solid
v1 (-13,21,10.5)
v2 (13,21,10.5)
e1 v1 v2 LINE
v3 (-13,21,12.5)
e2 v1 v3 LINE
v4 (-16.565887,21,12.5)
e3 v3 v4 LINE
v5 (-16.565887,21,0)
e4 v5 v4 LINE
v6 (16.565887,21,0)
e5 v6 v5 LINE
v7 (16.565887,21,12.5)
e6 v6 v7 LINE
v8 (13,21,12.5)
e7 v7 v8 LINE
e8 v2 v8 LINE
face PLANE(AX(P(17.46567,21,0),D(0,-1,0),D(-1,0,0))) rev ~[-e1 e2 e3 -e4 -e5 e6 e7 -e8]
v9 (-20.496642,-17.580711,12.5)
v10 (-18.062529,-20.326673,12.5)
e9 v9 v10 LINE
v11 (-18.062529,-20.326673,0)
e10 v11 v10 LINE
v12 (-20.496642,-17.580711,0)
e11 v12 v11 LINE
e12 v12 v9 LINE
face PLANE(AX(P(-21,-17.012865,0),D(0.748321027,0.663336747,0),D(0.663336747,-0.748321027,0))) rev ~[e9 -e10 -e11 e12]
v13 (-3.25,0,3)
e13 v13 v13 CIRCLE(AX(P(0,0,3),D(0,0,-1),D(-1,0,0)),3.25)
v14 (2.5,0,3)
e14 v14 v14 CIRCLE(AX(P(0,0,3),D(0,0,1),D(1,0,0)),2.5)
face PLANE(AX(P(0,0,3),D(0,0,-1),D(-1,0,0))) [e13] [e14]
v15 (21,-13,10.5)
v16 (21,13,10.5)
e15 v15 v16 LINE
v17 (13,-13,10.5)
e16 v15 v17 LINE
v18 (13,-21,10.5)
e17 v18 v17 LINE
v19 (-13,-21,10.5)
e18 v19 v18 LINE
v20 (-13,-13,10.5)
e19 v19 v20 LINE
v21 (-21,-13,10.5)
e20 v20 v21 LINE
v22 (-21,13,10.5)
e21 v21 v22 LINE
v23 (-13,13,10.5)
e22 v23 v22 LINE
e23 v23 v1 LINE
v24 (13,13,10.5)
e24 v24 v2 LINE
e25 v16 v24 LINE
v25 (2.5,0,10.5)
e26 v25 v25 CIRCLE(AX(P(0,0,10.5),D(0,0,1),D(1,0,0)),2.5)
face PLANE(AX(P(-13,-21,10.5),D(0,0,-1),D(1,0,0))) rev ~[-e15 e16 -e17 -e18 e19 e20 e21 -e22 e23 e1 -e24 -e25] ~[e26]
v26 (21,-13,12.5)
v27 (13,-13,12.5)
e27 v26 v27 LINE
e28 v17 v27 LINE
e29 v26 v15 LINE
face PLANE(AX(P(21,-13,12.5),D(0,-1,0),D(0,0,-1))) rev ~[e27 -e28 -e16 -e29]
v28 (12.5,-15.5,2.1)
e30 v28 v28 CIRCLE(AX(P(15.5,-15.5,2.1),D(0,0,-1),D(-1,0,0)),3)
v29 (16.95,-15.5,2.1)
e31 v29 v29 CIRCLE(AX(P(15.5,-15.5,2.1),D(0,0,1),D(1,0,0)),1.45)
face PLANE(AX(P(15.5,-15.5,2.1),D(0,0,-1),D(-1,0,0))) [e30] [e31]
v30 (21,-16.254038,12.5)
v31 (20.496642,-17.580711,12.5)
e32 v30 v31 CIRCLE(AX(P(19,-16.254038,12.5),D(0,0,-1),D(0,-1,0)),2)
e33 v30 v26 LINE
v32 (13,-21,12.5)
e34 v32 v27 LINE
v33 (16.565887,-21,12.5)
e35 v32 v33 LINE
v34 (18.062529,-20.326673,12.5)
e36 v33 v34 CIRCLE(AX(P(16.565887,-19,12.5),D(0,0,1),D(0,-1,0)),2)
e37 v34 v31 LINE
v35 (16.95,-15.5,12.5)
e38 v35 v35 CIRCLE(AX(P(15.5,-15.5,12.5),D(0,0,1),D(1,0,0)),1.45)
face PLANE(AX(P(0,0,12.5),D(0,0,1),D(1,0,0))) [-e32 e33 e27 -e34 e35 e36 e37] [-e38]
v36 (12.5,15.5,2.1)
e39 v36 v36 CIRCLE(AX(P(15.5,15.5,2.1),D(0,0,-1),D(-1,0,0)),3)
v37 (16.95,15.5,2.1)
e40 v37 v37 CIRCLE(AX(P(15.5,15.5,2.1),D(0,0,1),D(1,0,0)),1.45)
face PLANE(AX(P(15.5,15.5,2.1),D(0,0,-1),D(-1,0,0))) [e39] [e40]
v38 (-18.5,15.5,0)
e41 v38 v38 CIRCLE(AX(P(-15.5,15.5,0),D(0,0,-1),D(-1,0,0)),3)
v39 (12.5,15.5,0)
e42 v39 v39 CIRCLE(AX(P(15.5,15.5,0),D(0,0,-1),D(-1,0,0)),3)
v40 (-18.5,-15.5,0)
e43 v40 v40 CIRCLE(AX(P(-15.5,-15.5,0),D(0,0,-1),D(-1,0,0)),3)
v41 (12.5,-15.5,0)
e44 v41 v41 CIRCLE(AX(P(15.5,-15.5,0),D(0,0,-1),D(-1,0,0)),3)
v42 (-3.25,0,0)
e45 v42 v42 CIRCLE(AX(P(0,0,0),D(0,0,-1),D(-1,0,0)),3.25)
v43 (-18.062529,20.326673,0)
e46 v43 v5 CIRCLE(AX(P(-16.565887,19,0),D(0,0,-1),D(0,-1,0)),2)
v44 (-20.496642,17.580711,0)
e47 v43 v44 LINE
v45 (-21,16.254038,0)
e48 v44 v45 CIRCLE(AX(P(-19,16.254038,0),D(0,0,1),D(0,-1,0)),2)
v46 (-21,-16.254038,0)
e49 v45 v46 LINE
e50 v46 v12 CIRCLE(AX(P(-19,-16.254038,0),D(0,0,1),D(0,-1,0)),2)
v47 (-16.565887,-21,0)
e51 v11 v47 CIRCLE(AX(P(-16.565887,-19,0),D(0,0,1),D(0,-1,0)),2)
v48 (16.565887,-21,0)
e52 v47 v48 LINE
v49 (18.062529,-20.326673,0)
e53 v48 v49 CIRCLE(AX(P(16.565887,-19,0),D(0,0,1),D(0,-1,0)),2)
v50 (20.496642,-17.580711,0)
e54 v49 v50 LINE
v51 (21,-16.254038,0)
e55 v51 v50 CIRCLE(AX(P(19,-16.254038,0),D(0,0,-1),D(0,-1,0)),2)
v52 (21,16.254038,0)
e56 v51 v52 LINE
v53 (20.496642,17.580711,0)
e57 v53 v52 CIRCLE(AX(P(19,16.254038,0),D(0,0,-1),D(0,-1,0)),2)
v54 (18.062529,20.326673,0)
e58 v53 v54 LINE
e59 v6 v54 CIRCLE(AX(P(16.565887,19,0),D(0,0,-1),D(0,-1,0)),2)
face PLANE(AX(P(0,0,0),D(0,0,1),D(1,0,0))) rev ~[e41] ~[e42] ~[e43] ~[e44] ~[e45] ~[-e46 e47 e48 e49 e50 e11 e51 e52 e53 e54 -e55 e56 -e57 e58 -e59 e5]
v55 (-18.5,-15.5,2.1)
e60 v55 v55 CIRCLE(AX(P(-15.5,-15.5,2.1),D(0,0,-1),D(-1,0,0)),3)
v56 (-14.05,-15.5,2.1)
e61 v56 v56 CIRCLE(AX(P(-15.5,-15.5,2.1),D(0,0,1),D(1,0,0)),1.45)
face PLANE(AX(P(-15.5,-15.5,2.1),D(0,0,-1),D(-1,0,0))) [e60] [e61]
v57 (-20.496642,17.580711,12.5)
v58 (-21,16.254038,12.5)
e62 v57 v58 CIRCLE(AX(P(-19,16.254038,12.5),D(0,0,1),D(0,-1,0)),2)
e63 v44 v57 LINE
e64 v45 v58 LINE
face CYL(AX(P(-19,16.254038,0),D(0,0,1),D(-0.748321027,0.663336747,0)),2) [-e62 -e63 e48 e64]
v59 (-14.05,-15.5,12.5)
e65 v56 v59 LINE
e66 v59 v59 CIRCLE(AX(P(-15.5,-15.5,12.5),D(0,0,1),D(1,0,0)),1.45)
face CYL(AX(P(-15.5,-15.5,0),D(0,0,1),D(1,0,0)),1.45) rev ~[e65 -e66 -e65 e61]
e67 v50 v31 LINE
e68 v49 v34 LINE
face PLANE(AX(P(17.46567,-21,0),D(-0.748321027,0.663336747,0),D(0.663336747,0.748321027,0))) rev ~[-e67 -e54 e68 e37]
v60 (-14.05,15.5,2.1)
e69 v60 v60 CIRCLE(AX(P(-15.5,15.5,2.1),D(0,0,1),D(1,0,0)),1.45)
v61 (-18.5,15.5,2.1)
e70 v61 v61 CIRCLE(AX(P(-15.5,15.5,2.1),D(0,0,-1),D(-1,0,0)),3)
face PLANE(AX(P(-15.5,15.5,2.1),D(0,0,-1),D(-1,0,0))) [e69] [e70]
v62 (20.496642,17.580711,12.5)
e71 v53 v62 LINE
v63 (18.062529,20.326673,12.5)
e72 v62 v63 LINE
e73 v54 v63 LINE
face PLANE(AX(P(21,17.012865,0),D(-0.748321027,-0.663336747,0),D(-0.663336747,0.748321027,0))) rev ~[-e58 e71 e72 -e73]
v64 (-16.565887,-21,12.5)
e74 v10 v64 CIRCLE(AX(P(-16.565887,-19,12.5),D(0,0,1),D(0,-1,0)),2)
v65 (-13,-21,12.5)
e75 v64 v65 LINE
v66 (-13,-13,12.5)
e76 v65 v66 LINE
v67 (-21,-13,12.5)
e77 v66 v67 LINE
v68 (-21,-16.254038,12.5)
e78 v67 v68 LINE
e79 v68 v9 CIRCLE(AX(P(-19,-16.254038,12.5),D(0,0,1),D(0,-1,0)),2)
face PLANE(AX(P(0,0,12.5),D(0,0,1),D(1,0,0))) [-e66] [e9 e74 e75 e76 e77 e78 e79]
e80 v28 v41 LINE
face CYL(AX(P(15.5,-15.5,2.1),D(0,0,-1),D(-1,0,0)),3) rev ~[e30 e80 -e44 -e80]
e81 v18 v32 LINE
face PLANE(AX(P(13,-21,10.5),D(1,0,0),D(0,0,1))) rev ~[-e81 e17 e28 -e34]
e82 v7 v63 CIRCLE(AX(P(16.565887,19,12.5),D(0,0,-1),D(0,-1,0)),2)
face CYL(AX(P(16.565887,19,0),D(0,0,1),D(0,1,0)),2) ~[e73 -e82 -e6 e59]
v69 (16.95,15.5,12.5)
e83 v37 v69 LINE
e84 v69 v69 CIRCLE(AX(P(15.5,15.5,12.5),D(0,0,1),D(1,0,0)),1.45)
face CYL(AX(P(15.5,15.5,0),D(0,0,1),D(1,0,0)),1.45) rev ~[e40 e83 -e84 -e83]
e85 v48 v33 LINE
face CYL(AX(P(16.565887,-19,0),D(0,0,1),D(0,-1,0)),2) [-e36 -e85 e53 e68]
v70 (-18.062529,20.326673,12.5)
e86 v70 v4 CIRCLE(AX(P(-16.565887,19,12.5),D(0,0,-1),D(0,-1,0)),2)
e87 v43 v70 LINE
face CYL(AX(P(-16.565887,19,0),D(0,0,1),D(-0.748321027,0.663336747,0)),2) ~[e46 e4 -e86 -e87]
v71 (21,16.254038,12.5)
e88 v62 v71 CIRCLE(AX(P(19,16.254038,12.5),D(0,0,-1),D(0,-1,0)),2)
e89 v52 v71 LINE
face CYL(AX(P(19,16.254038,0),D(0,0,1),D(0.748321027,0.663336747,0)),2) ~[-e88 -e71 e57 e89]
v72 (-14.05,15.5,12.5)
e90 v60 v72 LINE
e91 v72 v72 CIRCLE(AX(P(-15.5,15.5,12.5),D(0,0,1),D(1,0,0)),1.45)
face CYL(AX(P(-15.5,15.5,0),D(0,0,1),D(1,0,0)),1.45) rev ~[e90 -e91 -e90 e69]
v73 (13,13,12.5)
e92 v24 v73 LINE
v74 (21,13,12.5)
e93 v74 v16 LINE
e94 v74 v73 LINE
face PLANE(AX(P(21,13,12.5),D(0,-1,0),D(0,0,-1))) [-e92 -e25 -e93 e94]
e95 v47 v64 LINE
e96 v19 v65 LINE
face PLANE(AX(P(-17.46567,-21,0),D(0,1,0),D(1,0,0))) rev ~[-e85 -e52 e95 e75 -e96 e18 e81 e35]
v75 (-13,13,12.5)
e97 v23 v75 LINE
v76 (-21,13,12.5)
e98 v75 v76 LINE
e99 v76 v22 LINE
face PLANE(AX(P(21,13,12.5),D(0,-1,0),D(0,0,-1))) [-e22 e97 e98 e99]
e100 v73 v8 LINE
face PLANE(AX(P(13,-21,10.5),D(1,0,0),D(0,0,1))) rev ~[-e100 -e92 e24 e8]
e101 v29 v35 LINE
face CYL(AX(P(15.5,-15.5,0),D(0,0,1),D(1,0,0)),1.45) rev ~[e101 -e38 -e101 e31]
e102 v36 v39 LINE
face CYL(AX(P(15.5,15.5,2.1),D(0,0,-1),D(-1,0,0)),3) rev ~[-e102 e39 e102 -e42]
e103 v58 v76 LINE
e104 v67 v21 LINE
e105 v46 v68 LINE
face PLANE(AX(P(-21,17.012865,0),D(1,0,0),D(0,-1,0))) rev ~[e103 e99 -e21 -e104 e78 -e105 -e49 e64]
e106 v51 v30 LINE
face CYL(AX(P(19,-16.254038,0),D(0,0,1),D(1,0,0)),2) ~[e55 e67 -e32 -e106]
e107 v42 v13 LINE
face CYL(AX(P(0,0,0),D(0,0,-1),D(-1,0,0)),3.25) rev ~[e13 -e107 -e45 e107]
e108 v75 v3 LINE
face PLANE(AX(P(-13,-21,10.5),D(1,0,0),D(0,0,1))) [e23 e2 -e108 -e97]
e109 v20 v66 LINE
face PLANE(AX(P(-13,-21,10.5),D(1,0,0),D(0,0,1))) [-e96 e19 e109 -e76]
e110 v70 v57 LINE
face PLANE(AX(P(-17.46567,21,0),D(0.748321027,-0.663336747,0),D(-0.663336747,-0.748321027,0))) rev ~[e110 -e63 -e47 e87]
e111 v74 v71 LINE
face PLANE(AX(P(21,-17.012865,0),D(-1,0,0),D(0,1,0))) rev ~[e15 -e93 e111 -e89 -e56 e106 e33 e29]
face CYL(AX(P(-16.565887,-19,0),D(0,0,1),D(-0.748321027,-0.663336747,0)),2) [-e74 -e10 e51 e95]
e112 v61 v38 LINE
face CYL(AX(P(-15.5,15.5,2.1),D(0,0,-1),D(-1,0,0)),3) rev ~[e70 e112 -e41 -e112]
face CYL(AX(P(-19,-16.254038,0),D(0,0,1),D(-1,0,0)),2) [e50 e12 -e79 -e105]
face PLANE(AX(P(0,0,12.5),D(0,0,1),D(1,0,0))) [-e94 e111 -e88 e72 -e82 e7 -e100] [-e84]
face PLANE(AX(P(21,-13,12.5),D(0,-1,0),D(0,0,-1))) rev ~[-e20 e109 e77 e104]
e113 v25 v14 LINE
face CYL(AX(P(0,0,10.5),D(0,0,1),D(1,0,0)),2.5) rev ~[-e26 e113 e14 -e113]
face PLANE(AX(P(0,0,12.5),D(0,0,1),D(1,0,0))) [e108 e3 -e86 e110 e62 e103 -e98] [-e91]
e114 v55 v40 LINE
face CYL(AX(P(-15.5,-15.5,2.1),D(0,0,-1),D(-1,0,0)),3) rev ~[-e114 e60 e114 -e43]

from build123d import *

# Parameters (mm, degrees)
BOSS_EXTRUDE1_DEPTH                                = 12.5
SKETCH2_W                                          = 2
SKETCH2_H                                          = 26
CUT_EXTRUDE1_DEPTH                                 = 43
SKETCH3_W                                          = 26
SKETCH3_H                                          = 2
CUT_EXTRUDE2_DEPTH                                 = 43
SKETCH4_R                                          = 3.25
CUT_EXTRUDE3_DEPTH                                 = 3
SKETCH5_R                                          = 2.5
CUT_EXTRUDE4_DEPTH                                 = 11.5
CBORE_FOR_M2_5_PAN_HEAD_MACHINE_SCREW1_D           = 2.9
CBORE_FOR_M2_5_PAN_HEAD_MACHINE_SCREW1_CBORE_D     = 6
CBORE_FOR_M2_5_PAN_HEAD_MACHINE_SCREW1_CBORE_DEPTH = 2.1
FILLET1_R                                          = 2


with BuildPart() as part:
    # Sketch1 → Boss-Extrude1 (new body)
    with BuildSketch(Plane.XY):
        Polygon((-17.465670258, 21), (-21, 17.012864847), (-21, -17.012864847), (-17.465670258, -21), (17.465670258, -21), (21, -17.012864847), (21, 17.012864847), (17.465670258, 21), align=None)
    extrude(amount=BOSS_EXTRUDE1_DEPTH)

    # Sketch2 → Cut-Extrude1 (cut, through all)
    with BuildSketch(Plane(origin=(21, 0, 0), x_dir=(0, 0, -1), z_dir=(1, 0, 0))):
        with Locations((-11.5, 0)):
            Rectangle(SKETCH2_W, SKETCH2_H)
    extrude(amount=-CUT_EXTRUDE1_DEPTH, mode=Mode.SUBTRACT)

    # Sketch3 → Cut-Extrude2 (cut, through all)
    with BuildSketch(Plane.XZ.offset(21)):
        with Locations((0, 11.5)):
            Rectangle(SKETCH3_W, SKETCH3_H)
    extrude(amount=-CUT_EXTRUDE2_DEPTH, mode=Mode.SUBTRACT)

    # Sketch4 → Cut-Extrude3 (cut)
    with BuildSketch(Plane(origin=(0, 0, 0), x_dir=(-1, 0, 0), z_dir=(0, 0, -1))):
        Circle(SKETCH4_R)
    extrude(amount=-CUT_EXTRUDE3_DEPTH, mode=Mode.SUBTRACT)

    # Sketch5 → Cut-Extrude4 (cut, through all)
    with BuildSketch(Plane.XY.offset(10.5)):
        Circle(SKETCH5_R)
    extrude(amount=-CUT_EXTRUDE4_DEPTH, mode=Mode.SUBTRACT)

    # CBORE for M2.5 Pan Head Machine Screw1 (through all)
    with Locations(Plane(origin=(0, 0, 0), x_dir=(-1, 0, 0), z_dir=(0, 0, -1))):
        with Locations((-15.5, 15.5), (15.5, 15.5), (15.5, -15.5), (-15.5, -15.5)):
            CounterBoreHole(CBORE_FOR_M2_5_PAN_HEAD_MACHINE_SCREW1_D / 2, CBORE_FOR_M2_5_PAN_HEAD_MACHINE_SCREW1_CBORE_D / 2, CBORE_FOR_M2_5_PAN_HEAD_MACHINE_SCREW1_CBORE_DEPTH)

    # Fillet1
    fillet1_edges = [part.edges().sort_by_distance(p)[0] for p in [
        (17.465670258, 21, 6.25),
        (21, 17.012864847, 6.25),
        (21, -17.012864847, 6.25),
        (17.465670258, -21, 6.25),
        (-17.465670258, -21, 6.25),
        (-21, -17.012864847, 6.25),
        (-21, 17.012864847, 6.25),
        (-17.465670258, 21, 6.25),
    ]]
    fillet(fillet1_edges, radius=FILLET1_R)


solid = part.part
